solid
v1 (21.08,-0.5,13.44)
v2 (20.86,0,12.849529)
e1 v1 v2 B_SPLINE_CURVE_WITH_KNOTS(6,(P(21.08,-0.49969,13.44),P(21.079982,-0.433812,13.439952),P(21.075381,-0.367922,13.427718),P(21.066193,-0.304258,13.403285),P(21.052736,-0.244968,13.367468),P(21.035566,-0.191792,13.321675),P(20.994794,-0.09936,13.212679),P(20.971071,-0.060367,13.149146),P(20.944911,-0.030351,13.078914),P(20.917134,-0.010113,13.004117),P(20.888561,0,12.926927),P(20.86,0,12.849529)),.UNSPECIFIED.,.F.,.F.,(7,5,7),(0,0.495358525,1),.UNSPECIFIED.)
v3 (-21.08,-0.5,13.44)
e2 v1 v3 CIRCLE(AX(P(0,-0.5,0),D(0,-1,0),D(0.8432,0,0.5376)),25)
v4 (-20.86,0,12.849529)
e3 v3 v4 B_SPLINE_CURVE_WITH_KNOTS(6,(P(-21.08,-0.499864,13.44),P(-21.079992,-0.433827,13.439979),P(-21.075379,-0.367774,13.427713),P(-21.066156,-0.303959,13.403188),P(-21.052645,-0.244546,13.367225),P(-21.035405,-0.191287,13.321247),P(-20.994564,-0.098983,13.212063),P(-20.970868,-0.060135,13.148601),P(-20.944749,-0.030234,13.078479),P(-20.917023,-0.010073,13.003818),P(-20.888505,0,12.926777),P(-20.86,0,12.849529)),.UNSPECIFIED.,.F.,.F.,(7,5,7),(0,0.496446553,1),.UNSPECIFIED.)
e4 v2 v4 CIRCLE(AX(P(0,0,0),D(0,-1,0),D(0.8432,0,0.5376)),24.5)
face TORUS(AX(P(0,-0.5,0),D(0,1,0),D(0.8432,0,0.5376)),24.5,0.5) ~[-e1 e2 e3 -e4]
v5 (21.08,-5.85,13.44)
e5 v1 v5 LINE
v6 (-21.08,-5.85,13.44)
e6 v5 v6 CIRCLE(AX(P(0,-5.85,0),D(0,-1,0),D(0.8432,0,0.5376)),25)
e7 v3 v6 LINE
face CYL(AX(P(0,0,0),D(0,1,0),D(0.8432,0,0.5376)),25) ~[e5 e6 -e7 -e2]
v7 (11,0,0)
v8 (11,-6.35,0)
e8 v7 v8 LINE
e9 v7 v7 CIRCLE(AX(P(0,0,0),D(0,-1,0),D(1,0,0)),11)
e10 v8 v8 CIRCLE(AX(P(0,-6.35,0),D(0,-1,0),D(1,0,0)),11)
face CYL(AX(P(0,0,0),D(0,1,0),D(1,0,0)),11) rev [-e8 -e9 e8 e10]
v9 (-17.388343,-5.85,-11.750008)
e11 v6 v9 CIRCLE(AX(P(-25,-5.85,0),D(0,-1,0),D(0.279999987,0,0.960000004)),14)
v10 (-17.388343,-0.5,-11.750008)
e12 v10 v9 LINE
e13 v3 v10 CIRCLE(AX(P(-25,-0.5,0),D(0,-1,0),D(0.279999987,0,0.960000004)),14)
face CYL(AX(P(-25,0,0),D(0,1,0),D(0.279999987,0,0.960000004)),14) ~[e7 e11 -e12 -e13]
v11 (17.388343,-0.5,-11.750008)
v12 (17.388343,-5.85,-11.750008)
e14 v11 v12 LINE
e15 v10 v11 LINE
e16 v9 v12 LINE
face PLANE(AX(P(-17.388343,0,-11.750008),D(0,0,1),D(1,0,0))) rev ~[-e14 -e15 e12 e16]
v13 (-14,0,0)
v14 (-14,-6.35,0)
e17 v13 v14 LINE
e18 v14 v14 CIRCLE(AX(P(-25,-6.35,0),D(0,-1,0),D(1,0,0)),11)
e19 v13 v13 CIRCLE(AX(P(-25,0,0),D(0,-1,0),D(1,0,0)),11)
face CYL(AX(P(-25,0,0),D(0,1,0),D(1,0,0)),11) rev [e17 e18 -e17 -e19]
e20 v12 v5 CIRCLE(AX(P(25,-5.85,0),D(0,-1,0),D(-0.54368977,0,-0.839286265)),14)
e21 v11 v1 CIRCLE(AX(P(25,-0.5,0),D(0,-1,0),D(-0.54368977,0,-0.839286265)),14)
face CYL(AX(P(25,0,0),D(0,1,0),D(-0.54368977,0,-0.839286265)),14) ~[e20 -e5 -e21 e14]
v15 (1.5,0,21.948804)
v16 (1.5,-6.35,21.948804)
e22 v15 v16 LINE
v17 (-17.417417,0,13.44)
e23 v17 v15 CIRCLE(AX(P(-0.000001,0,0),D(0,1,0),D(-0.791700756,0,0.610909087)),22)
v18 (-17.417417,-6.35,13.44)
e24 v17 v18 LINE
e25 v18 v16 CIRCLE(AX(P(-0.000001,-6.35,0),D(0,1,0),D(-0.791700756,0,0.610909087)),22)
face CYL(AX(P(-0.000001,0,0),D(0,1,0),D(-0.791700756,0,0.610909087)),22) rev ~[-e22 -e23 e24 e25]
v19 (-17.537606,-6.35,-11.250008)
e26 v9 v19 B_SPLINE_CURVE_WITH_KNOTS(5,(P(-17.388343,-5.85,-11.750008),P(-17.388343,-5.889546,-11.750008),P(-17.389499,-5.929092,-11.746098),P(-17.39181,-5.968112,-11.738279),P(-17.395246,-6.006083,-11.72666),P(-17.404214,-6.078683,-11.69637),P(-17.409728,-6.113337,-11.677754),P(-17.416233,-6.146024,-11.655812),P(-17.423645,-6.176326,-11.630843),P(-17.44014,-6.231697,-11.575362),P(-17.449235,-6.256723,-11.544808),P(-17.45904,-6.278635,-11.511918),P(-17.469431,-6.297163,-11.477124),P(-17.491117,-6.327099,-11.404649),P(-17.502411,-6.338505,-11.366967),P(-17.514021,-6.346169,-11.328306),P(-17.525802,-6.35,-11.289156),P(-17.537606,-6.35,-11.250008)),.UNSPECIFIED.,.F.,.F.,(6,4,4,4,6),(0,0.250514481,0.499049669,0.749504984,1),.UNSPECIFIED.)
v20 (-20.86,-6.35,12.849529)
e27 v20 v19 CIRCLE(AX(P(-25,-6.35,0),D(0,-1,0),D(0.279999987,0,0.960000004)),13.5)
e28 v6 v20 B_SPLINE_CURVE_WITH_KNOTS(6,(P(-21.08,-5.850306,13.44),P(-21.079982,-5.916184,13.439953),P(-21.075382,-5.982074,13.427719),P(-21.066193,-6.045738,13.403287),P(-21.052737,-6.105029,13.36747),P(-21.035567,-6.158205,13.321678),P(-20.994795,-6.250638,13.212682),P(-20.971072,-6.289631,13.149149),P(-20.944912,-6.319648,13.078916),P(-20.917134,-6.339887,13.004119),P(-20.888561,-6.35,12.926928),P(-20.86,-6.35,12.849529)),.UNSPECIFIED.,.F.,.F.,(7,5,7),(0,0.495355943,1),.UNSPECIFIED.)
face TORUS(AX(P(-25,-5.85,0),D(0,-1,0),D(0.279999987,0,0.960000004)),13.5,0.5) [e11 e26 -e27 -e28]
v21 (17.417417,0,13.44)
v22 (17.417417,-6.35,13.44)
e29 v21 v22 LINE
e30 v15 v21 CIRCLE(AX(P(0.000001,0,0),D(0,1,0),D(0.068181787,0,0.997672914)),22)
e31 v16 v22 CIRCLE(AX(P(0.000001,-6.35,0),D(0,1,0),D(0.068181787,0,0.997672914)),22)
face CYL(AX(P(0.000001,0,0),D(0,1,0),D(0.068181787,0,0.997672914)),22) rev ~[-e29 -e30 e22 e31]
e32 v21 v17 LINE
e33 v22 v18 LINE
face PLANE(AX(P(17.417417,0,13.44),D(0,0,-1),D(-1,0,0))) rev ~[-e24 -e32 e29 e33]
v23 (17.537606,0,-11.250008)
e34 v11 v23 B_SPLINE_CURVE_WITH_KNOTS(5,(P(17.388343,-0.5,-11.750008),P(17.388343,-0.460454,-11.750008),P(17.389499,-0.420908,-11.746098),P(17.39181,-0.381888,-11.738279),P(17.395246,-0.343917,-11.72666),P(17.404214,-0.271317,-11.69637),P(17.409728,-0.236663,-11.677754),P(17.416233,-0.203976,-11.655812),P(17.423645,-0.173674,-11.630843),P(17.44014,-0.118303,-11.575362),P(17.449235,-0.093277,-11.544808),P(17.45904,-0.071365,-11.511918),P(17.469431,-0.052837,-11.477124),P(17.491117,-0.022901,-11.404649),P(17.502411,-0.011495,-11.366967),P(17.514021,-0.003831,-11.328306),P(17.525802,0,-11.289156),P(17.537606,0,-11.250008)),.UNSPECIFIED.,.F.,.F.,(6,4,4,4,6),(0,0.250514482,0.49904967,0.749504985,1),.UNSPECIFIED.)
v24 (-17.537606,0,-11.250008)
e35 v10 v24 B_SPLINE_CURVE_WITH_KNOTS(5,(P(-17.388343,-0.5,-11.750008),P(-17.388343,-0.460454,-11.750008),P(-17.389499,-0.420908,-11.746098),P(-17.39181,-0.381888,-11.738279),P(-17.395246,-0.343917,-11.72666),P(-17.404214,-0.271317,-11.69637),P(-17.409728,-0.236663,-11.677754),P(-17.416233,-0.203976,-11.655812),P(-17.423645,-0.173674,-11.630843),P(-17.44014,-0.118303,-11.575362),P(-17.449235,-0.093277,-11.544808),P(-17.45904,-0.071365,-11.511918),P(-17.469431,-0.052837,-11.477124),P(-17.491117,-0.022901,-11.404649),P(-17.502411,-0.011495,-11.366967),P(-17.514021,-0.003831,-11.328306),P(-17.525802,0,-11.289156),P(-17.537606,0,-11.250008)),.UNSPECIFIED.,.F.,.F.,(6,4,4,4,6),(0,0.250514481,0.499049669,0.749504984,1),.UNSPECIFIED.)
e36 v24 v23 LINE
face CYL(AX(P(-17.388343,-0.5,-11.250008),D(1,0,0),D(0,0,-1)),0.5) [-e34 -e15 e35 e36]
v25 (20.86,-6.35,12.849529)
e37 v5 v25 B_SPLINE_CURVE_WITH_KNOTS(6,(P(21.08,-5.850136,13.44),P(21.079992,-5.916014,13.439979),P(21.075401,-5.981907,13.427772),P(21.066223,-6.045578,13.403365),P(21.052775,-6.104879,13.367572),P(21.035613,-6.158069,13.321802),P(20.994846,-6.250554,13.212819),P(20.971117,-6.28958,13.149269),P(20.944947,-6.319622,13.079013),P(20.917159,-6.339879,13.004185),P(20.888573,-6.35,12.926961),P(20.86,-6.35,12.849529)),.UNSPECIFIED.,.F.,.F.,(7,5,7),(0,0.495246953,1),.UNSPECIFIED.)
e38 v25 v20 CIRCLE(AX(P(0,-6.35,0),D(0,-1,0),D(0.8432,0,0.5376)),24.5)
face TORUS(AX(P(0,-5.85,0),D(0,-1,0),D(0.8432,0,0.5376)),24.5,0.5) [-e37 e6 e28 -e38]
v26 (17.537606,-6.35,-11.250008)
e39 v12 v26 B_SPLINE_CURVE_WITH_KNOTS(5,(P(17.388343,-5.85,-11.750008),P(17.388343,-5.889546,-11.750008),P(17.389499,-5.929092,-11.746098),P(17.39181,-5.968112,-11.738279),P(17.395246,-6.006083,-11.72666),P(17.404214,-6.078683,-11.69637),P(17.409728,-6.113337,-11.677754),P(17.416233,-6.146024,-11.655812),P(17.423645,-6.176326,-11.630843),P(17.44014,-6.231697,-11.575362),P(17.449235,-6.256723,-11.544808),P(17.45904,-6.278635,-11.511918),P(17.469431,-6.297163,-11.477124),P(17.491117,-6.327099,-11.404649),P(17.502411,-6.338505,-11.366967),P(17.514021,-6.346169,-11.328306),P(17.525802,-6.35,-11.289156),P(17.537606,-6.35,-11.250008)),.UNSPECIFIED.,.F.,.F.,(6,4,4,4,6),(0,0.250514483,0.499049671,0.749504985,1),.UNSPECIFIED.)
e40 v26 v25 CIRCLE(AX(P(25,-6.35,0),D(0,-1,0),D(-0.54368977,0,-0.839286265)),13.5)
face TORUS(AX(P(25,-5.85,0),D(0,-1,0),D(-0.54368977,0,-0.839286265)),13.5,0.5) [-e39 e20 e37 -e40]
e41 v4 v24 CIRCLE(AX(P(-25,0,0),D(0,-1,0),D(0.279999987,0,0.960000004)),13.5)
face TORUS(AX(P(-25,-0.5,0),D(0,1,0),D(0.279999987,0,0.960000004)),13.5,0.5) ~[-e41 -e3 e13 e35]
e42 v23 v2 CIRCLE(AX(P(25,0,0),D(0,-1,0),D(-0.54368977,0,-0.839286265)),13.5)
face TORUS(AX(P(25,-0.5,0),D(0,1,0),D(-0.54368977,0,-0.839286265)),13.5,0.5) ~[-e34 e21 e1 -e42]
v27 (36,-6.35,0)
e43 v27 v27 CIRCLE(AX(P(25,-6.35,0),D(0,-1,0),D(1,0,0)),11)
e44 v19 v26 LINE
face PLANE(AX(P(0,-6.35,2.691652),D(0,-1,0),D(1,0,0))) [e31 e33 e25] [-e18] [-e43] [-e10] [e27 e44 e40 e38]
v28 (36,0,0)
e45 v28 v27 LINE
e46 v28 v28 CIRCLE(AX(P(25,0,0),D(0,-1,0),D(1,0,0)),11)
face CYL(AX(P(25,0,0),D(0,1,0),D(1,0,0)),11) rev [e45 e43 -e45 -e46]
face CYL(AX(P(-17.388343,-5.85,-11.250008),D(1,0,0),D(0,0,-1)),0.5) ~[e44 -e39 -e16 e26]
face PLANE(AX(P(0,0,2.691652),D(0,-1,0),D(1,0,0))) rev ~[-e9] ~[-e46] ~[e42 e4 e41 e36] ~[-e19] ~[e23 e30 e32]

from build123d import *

# Parameters (mm, degrees)
F0_R     = 11
F1_DEPTH = 6.35
F2_R     = 0.5


with BuildPart() as f1:
    # F0 (on Front) → F1 (new body)
    with BuildSketch(Plane.XZ):
        with BuildLine():
            ThreePointArc((21.08, 13.44), (0, 25), (-21.08, 13.44))
            ThreePointArc((-21.08, 13.44), (-38.852036, -2.030049), (-17.388343, -11.750008))
            Line((-17.388343, -11.750008), (17.388343, -11.750008))
            ThreePointArc((17.388343, -11.750008), (38.852036, -2.030049), (21.08, 13.44))
        make_face()
        with Locations((-25, 0)):
            Circle(F0_R, mode=Mode.SUBTRACT)
        Circle(F0_R, mode=Mode.SUBTRACT)
        with Locations((25, 0)):
            Circle(F0_R, mode=Mode.SUBTRACT)
        with BuildLine():
            ThreePointArc((1.5, 21.948804), (10.371456, 19.401879), (17.417417, 13.44))
            Line((17.417417, 13.44), (1.5, 13.44))
            Line((1.5, 13.44), (-17.417417, 13.44))
            ThreePointArc((-17.417417, 13.44), (-9.024465, 20.063874), (1.5, 21.948804))
        make_face(mode=Mode.SUBTRACT)
    extrude(amount=F1_DEPTH)

    # F2
    f2_edges = [f1.edges().sort_by_distance(p)[0] for p in [
        (-38.852036, -6.35, -2.030049),
        (0, -6.35, 25),
        (38.852036, -6.35, -2.030049),
        (0, -6.35, -11.750008),
        (38.852036, 0, -2.030049),
        (0, 0, 25),
        (-38.852036, 0, -2.030049),
        (0, 0, -11.750008),
    ]]
    fillet(f2_edges, radius=F2_R)


solid = f1.part
